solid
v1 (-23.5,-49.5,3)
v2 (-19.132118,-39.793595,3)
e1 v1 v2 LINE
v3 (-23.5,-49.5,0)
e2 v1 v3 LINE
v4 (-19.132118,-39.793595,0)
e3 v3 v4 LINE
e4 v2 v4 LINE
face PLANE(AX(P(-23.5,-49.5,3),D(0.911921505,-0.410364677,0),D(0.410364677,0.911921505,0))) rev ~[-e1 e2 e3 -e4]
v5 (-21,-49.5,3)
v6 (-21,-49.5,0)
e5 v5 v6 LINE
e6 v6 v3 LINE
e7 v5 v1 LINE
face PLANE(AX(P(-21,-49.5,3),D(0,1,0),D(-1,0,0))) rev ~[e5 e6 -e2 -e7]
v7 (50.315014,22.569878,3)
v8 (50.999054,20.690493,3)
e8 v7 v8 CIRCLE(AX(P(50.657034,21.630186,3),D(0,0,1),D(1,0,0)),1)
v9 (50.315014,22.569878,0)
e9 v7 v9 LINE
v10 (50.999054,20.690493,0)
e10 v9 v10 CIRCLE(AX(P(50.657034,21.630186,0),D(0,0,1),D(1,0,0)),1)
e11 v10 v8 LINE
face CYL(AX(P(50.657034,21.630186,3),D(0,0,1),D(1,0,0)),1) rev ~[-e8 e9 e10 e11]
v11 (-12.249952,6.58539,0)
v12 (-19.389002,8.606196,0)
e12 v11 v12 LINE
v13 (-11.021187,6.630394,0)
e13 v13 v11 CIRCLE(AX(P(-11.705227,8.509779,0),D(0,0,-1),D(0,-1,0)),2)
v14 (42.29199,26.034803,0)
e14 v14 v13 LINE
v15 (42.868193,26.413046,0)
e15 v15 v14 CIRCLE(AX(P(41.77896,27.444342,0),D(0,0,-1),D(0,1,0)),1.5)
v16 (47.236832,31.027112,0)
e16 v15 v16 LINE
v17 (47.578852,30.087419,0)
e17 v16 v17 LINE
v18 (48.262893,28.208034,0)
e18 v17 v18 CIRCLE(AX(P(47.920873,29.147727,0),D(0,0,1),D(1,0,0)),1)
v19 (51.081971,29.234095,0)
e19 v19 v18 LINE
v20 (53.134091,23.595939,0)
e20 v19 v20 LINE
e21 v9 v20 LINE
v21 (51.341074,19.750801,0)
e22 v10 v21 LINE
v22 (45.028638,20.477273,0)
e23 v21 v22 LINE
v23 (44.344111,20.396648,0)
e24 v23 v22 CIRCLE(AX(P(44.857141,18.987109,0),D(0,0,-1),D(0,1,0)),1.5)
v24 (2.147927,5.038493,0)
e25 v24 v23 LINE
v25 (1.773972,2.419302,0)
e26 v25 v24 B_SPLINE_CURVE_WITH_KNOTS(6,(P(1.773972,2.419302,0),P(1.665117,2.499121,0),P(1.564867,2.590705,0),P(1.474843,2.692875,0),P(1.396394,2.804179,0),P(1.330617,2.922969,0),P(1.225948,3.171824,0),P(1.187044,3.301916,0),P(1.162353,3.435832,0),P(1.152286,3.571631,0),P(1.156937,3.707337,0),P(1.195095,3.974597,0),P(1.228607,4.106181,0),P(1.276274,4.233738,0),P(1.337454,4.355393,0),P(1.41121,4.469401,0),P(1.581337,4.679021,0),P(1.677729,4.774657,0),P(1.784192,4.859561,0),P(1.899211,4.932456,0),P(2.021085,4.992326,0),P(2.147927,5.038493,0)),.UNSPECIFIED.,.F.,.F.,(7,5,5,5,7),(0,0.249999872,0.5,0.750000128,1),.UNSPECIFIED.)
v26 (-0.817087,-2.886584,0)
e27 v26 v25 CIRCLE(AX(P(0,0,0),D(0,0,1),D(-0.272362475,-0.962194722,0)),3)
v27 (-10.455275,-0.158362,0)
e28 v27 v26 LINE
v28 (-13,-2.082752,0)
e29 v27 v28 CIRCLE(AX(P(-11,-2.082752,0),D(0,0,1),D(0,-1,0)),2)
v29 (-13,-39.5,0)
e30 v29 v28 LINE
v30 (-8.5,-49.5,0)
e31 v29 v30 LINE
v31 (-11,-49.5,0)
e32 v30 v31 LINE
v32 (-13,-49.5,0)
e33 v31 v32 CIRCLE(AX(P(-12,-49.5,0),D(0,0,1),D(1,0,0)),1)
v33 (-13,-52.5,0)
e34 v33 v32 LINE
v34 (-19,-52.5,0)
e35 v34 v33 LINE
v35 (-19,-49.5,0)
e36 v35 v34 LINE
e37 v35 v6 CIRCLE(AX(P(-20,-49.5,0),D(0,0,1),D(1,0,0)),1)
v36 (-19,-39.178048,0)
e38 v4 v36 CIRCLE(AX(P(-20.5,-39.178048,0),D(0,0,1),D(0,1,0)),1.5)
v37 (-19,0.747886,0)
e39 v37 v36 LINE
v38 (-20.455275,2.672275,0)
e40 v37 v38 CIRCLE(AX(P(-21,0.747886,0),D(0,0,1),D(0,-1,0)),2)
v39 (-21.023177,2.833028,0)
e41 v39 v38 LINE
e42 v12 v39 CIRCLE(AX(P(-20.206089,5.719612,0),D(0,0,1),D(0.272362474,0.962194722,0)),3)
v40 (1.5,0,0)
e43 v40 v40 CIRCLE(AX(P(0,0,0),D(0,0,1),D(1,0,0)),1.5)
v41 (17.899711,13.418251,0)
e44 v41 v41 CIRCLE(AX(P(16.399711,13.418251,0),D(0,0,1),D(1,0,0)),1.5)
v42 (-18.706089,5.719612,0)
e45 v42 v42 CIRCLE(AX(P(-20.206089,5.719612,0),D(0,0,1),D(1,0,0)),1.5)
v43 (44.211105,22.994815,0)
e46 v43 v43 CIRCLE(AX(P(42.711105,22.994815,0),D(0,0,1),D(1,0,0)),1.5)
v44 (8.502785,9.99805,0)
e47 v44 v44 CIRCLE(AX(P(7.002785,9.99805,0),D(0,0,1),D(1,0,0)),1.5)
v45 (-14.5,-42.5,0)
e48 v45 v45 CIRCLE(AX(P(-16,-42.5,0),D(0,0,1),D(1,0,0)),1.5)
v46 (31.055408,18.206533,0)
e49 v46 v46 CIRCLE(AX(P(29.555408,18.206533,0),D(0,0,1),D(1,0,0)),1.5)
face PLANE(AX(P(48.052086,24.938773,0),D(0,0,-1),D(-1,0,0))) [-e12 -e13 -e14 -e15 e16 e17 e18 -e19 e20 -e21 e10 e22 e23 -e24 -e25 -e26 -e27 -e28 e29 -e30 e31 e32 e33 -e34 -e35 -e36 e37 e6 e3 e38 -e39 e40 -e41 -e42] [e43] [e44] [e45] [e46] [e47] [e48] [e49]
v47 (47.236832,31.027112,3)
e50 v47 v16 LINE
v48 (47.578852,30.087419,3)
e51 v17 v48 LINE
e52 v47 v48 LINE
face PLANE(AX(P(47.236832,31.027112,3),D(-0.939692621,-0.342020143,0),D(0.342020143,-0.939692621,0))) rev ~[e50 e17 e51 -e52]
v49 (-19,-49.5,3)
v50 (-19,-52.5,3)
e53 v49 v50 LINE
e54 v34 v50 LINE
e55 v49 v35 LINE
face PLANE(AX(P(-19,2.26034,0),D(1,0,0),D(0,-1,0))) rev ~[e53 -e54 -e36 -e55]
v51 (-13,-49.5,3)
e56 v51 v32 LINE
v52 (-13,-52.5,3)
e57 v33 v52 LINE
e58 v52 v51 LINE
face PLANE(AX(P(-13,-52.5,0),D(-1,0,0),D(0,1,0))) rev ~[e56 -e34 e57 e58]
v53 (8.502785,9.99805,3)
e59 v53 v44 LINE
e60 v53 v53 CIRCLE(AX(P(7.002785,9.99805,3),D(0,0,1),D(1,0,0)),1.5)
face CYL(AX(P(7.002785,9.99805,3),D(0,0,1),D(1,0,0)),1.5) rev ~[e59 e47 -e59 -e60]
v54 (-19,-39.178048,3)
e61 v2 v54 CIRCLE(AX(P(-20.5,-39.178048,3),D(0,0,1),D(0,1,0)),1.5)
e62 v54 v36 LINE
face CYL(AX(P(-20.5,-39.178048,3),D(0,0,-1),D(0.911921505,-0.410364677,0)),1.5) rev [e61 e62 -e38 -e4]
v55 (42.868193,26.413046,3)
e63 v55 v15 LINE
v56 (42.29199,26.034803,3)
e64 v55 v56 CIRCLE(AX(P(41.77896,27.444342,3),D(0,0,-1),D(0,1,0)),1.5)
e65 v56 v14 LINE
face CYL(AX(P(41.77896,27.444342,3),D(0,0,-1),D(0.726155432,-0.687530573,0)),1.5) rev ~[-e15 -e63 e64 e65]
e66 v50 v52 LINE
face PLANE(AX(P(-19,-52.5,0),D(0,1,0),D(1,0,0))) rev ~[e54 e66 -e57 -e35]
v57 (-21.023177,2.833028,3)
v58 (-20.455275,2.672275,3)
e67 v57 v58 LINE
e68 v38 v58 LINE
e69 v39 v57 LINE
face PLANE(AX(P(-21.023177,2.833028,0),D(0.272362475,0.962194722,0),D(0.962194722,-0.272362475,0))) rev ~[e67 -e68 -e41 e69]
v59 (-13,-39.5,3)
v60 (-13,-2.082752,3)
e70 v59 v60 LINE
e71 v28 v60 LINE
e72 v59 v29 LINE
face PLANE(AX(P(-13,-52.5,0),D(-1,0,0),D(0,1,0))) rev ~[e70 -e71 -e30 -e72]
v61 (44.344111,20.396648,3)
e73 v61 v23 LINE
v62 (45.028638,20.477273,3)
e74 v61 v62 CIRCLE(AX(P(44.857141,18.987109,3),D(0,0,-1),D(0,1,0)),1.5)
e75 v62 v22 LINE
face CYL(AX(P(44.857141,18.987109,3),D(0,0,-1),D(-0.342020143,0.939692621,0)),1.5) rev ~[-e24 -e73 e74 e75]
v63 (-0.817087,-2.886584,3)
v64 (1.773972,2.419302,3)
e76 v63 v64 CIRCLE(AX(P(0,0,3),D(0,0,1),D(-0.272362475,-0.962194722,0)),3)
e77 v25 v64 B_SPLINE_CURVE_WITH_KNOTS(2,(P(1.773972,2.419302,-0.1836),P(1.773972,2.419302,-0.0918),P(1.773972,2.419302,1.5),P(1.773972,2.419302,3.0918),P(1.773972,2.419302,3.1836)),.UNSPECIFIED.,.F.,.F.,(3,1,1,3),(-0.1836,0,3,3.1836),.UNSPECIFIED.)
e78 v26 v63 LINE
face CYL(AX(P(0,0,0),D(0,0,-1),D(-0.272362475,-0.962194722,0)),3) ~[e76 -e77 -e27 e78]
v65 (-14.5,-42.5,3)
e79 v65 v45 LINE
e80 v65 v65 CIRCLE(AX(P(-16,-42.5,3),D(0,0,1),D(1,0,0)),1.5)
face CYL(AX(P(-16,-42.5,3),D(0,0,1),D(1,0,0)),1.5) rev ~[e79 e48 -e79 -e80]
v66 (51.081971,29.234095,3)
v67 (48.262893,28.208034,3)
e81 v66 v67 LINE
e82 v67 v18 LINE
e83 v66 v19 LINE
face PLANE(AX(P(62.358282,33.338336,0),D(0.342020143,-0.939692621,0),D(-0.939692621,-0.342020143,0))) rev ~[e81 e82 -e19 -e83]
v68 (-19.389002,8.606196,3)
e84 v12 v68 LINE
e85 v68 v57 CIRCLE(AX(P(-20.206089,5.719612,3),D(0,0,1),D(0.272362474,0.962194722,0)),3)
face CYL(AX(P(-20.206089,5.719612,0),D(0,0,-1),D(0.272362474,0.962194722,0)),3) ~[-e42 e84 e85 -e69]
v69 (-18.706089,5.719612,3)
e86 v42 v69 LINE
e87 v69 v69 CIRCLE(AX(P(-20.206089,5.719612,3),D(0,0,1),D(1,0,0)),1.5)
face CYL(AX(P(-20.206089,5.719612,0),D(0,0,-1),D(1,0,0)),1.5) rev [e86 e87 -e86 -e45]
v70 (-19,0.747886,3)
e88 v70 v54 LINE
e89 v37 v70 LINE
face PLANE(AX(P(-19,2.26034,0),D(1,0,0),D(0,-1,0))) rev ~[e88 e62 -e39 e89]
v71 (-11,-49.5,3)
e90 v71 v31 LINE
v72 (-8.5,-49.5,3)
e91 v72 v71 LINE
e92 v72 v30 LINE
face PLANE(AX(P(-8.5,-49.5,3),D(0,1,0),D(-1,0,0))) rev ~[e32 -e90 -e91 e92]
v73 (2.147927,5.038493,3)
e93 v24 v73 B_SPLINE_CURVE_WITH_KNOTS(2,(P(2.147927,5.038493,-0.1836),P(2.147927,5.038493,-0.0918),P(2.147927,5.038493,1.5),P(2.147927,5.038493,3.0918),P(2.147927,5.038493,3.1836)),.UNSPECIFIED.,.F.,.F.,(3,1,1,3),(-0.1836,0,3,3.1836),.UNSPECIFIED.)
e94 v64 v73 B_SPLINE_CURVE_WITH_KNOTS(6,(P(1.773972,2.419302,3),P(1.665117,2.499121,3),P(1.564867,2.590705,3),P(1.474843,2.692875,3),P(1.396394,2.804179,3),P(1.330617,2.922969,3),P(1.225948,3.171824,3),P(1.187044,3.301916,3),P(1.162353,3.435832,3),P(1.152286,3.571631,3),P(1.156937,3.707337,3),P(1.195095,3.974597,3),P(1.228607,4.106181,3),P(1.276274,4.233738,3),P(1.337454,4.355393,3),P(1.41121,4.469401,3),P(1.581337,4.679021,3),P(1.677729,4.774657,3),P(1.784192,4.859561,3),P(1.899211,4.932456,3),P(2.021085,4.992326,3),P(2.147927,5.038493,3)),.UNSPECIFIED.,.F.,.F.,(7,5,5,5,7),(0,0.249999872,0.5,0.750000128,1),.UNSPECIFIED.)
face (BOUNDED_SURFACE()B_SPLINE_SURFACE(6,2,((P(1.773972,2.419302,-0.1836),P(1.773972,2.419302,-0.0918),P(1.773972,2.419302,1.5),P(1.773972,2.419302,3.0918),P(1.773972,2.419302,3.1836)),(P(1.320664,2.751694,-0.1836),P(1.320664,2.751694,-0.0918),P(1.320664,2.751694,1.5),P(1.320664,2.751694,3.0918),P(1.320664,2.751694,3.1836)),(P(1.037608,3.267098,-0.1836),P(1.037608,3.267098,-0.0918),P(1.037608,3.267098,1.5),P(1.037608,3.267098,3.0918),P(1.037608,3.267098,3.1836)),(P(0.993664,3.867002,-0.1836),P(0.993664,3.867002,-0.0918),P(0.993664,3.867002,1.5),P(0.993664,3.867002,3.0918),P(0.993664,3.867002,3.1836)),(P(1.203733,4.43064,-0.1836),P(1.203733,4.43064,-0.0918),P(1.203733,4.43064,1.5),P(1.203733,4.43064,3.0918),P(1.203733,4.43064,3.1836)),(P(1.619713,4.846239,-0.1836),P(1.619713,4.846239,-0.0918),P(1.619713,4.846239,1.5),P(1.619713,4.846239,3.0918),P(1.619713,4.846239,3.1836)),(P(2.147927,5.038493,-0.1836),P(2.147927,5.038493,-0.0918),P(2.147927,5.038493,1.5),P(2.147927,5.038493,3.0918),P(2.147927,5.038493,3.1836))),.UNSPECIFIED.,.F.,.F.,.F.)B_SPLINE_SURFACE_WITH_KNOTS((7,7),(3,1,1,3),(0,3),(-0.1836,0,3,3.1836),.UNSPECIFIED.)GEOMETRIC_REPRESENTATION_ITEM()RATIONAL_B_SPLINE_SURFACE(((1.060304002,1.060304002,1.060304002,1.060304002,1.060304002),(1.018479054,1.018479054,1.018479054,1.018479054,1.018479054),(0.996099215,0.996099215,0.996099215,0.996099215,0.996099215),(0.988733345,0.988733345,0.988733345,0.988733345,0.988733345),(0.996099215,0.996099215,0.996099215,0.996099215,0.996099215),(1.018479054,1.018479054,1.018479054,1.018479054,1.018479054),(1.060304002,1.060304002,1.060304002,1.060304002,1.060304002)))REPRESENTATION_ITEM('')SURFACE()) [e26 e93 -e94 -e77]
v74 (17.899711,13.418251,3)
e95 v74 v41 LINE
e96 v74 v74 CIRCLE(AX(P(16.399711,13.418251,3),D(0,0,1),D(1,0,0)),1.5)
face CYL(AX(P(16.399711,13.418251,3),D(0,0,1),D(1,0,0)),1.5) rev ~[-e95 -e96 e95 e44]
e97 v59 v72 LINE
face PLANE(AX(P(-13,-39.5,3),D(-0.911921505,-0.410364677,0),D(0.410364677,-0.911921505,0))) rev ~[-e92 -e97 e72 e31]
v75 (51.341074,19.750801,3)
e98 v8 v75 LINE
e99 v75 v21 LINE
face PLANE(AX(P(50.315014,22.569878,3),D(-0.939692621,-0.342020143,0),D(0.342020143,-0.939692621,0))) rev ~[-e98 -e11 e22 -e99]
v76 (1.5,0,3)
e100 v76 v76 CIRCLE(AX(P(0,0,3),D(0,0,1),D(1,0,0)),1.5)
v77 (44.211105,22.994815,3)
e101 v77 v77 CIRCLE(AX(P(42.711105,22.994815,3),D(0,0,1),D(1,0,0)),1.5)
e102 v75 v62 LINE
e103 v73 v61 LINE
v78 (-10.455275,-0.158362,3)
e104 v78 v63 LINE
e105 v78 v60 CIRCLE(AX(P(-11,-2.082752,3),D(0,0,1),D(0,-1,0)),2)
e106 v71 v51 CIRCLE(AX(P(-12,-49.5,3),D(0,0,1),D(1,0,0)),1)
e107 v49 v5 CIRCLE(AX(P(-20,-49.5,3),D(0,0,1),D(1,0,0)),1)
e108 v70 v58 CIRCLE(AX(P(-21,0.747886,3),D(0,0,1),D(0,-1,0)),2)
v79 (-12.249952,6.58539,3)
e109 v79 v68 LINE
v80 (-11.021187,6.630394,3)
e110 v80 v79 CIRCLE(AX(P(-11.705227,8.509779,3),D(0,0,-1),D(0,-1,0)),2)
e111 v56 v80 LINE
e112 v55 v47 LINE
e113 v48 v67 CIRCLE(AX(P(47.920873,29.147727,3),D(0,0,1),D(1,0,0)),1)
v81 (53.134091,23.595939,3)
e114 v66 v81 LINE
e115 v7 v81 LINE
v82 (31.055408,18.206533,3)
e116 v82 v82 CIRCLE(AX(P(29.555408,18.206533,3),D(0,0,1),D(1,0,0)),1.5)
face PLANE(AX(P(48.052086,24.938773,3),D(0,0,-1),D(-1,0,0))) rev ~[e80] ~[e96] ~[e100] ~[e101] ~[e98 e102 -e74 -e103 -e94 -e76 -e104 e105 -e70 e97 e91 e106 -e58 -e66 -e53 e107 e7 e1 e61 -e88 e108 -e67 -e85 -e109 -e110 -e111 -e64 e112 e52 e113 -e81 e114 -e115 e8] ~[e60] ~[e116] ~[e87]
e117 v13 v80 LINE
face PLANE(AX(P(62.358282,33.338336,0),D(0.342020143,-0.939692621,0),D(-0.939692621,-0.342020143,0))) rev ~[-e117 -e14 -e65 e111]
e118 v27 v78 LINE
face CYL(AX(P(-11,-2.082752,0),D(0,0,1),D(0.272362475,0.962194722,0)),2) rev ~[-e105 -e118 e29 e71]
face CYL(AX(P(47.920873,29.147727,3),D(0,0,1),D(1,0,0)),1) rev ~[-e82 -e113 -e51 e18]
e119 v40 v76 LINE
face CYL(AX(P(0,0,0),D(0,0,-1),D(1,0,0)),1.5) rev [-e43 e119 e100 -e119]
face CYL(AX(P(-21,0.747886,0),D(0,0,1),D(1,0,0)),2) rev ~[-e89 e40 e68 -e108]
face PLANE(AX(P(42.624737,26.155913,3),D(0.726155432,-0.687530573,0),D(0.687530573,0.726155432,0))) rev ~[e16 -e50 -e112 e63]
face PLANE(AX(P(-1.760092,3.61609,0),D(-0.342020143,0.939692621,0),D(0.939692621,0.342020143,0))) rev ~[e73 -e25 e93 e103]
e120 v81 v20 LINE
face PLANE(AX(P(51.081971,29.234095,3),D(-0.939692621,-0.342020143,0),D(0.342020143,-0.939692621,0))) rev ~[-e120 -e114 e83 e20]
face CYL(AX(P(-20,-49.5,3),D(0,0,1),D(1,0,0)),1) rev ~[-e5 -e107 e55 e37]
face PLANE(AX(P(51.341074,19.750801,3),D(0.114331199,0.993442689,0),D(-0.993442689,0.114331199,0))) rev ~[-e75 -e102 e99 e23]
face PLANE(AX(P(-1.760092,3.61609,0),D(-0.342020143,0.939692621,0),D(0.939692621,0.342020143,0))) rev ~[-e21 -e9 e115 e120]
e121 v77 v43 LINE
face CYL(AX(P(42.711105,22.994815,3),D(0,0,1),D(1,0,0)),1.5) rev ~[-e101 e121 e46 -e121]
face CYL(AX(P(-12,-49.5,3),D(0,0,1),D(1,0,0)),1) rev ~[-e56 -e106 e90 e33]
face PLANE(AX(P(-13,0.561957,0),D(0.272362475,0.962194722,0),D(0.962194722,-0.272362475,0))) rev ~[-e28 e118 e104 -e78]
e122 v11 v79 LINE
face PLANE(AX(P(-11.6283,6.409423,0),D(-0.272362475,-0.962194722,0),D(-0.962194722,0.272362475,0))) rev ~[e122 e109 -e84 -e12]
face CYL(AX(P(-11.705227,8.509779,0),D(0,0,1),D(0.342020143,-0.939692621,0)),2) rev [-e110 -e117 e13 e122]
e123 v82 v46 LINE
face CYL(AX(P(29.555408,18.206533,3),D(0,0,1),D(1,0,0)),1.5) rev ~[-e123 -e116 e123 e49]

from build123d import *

# Parameters (mm, degrees)
SKETCH_1_R          = 1.5
EXTRUDE_1_DEPTH     = 3
FILLET_1_R          = 2
FILLET_2_R          = 1.5
EXTRUDE_2_DEPTH     = 3
CUT_EXTRUDE_2_DEPTH = 10
EXTRUDE_3_DEPTH     = 3
FILLET_4_R          = 1.5
SKETCH_8_R          = 1.5
CUT_EXTRUDE_3_DEPTH = 3
SKETCH_9_R          = 1
CUT_EXTRUDE_4_DEPTH = 10
SKETCH_10_R         = 1.5
CUT_EXTRUDE_5_DEPTH = 10
SKETCH_11_R         = 1.5
CUT_EXTRUDE_6_DEPTH = 75.756148202


with BuildPart() as part:
    # 草图1 → 凸台-拉伸1 (new body)
    with BuildSketch(Plane.XY):
        with BuildLine():
            ThreePointArc((-0.817087424, -2.886584165), (2.886584165, -0.817087424), (0.817087424, 2.886584165))
            Line((0.817087424, 2.886584165), (-1.760091504, 3.616090173))
            Line((-1.760091504, 3.616090173), (64.410402882, 27.700180516))
            Line((64.410402882, 27.700180516), (62.358282022, 33.338336241))
            Line((62.358282022, 33.338336241), (-11.628300128, 6.409422603))
            Line((-11.628300128, 6.409422603), (-19.389001732, 8.606196131))
            ThreePointArc((-19.389001732, 8.606196131), (-23.09267332, 6.53669939), (-21.023176579, 2.833027801))
            Line((-21.023176579, 2.833027801), (-19, 2.260339792))
            Line((-19, 2.260339792), (-19, -52.5))
            Line((-19, -52.5), (-13, -52.5))
            Line((-13, -52.5), (-13, 0.561957115))
            Line((-13, 0.561957115), (-0.817087424, -2.886584165))
        make_face()
        with Locations((-20.206089155, 5.719611966)):
            Circle(SKETCH_1_R, mode=Mode.SUBTRACT)
        Circle(SKETCH_1_R, mode=Mode.SUBTRACT)
    extrude(amount=EXTRUDE_1_DEPTH)

    # 圆角1
    fillet_1_edges = [part.edges().sort_by_distance(p)[0] for p in [
        (-11.628300128, 6.409422603, 1.5),
        (-13, 0.561957115, 1.5),
        (-19, 2.260339792, 1.5),
    ]]
    fillet(fillet_1_edges, radius=FILLET_1_R)

    # 圆角2
    fillet_2_edges = [part.edges().sort_by_distance(p)[0] for p in [
        (-1.760091504, 3.616090173, 1.5),
    ]]
    fillet(fillet_2_edges, radius=FILLET_2_R)

    # 草图3 → 凸台-拉伸2 (add)
    with BuildSketch(Plane.XY.offset(3)):
        with BuildLine():
            Line((-21, -49.5), (-23.5, -49.5))
            Line((-23.5, -49.5), (-19, -39.5))
            Line((-19, -39.5), (-19, -49.5))
            ThreePointArc((-19, -49.5), (-20, -48.5), (-21, -49.5))
        make_face()
        with BuildLine():
            Line((-13, -49.5), (-13, -39.5))
            Line((-13, -39.5), (-8.5, -49.5))
            Line((-8.5, -49.5), (-11, -49.5))
            ThreePointArc((-11, -49.5), (-12, -48.5), (-13, -49.5))
        make_face()
    extrude(amount=-EXTRUDE_2_DEPTH)

    # 草图7 → 切除-拉伸2 (cut)
    with BuildSketch(Plane.XY.offset(3)):
        Polygon((53.134091432, 23.595938796), (64.410402882, 27.700180516), (62.358282022, 33.338336241), (51.081970572, 29.234094521), align=None)
    extrude(amount=-CUT_EXTRUDE_2_DEPTH, mode=Mode.SUBTRACT)

    # 草图4 → 凸台-拉伸3 (add)
    with BuildSketch(Plane.XY.offset(3)):
        Polygon((42.624736985, 26.155913231), (47.23683228, 31.027111953), (48.26289271, 28.208034091), (51.081970572, 29.234094521), (53.134091432, 23.595938796), (50.31501357, 22.569878366), (51.341074, 19.750800504), (44.676857845, 20.517757506), align=None)
    extrude(amount=-EXTRUDE_3_DEPTH)

    # 圆角4
    fillet_4_edges = [part.edges().sort_by_distance(p)[0] for p in [
        (44.676857845, 20.517757506, 1.5),
        (42.624736985, 26.155913231, 1.5),
        (-19, -39.5, 1.5),
    ]]
    fillet(fillet_4_edges, radius=FILLET_4_R)

    # 草图8 → 切除-拉伸3 (cut)
    with BuildSketch(Plane.XY.offset(3)):
        with Locations((42.711104794, 22.994815225)):
            Circle(SKETCH_8_R)
    extrude(amount=-CUT_EXTRUDE_3_DEPTH, mode=Mode.SUBTRACT)

    # 草图9 → 切除-拉伸4 (cut)
    with BuildSketch(Plane.XY.offset(3)):
        with Locations((47.920872567, 29.147726712)):
            Circle(SKETCH_9_R)
        with Locations((50.657033713, 21.630185745)):
            Circle(SKETCH_9_R)
    extrude(amount=-CUT_EXTRUDE_4_DEPTH, mode=Mode.SUBTRACT)

    # 草图10 → 切除-拉伸5 (cut)
    with BuildSketch(Plane.XY.offset(3)):
        with Locations((-16, -42.5)):
            Circle(SKETCH_10_R)
    extrude(amount=-CUT_EXTRUDE_5_DEPTH, mode=Mode.SUBTRACT)

    # 草图11 → 切除-拉伸6 (cut, through all)
    with BuildSketch(Plane.XY.offset(3)):
        with Locations((16.399711412, 13.418251212)):
            Circle(SKETCH_11_R)
        with Locations((7.002785205, 9.998049779)):
            Circle(SKETCH_11_R)
        with Locations((29.555408103, 18.206533219)):
            Circle(SKETCH_11_R)
    extrude(amount=-CUT_EXTRUDE_6_DEPTH, mode=Mode.SUBTRACT)


solid = part.part
